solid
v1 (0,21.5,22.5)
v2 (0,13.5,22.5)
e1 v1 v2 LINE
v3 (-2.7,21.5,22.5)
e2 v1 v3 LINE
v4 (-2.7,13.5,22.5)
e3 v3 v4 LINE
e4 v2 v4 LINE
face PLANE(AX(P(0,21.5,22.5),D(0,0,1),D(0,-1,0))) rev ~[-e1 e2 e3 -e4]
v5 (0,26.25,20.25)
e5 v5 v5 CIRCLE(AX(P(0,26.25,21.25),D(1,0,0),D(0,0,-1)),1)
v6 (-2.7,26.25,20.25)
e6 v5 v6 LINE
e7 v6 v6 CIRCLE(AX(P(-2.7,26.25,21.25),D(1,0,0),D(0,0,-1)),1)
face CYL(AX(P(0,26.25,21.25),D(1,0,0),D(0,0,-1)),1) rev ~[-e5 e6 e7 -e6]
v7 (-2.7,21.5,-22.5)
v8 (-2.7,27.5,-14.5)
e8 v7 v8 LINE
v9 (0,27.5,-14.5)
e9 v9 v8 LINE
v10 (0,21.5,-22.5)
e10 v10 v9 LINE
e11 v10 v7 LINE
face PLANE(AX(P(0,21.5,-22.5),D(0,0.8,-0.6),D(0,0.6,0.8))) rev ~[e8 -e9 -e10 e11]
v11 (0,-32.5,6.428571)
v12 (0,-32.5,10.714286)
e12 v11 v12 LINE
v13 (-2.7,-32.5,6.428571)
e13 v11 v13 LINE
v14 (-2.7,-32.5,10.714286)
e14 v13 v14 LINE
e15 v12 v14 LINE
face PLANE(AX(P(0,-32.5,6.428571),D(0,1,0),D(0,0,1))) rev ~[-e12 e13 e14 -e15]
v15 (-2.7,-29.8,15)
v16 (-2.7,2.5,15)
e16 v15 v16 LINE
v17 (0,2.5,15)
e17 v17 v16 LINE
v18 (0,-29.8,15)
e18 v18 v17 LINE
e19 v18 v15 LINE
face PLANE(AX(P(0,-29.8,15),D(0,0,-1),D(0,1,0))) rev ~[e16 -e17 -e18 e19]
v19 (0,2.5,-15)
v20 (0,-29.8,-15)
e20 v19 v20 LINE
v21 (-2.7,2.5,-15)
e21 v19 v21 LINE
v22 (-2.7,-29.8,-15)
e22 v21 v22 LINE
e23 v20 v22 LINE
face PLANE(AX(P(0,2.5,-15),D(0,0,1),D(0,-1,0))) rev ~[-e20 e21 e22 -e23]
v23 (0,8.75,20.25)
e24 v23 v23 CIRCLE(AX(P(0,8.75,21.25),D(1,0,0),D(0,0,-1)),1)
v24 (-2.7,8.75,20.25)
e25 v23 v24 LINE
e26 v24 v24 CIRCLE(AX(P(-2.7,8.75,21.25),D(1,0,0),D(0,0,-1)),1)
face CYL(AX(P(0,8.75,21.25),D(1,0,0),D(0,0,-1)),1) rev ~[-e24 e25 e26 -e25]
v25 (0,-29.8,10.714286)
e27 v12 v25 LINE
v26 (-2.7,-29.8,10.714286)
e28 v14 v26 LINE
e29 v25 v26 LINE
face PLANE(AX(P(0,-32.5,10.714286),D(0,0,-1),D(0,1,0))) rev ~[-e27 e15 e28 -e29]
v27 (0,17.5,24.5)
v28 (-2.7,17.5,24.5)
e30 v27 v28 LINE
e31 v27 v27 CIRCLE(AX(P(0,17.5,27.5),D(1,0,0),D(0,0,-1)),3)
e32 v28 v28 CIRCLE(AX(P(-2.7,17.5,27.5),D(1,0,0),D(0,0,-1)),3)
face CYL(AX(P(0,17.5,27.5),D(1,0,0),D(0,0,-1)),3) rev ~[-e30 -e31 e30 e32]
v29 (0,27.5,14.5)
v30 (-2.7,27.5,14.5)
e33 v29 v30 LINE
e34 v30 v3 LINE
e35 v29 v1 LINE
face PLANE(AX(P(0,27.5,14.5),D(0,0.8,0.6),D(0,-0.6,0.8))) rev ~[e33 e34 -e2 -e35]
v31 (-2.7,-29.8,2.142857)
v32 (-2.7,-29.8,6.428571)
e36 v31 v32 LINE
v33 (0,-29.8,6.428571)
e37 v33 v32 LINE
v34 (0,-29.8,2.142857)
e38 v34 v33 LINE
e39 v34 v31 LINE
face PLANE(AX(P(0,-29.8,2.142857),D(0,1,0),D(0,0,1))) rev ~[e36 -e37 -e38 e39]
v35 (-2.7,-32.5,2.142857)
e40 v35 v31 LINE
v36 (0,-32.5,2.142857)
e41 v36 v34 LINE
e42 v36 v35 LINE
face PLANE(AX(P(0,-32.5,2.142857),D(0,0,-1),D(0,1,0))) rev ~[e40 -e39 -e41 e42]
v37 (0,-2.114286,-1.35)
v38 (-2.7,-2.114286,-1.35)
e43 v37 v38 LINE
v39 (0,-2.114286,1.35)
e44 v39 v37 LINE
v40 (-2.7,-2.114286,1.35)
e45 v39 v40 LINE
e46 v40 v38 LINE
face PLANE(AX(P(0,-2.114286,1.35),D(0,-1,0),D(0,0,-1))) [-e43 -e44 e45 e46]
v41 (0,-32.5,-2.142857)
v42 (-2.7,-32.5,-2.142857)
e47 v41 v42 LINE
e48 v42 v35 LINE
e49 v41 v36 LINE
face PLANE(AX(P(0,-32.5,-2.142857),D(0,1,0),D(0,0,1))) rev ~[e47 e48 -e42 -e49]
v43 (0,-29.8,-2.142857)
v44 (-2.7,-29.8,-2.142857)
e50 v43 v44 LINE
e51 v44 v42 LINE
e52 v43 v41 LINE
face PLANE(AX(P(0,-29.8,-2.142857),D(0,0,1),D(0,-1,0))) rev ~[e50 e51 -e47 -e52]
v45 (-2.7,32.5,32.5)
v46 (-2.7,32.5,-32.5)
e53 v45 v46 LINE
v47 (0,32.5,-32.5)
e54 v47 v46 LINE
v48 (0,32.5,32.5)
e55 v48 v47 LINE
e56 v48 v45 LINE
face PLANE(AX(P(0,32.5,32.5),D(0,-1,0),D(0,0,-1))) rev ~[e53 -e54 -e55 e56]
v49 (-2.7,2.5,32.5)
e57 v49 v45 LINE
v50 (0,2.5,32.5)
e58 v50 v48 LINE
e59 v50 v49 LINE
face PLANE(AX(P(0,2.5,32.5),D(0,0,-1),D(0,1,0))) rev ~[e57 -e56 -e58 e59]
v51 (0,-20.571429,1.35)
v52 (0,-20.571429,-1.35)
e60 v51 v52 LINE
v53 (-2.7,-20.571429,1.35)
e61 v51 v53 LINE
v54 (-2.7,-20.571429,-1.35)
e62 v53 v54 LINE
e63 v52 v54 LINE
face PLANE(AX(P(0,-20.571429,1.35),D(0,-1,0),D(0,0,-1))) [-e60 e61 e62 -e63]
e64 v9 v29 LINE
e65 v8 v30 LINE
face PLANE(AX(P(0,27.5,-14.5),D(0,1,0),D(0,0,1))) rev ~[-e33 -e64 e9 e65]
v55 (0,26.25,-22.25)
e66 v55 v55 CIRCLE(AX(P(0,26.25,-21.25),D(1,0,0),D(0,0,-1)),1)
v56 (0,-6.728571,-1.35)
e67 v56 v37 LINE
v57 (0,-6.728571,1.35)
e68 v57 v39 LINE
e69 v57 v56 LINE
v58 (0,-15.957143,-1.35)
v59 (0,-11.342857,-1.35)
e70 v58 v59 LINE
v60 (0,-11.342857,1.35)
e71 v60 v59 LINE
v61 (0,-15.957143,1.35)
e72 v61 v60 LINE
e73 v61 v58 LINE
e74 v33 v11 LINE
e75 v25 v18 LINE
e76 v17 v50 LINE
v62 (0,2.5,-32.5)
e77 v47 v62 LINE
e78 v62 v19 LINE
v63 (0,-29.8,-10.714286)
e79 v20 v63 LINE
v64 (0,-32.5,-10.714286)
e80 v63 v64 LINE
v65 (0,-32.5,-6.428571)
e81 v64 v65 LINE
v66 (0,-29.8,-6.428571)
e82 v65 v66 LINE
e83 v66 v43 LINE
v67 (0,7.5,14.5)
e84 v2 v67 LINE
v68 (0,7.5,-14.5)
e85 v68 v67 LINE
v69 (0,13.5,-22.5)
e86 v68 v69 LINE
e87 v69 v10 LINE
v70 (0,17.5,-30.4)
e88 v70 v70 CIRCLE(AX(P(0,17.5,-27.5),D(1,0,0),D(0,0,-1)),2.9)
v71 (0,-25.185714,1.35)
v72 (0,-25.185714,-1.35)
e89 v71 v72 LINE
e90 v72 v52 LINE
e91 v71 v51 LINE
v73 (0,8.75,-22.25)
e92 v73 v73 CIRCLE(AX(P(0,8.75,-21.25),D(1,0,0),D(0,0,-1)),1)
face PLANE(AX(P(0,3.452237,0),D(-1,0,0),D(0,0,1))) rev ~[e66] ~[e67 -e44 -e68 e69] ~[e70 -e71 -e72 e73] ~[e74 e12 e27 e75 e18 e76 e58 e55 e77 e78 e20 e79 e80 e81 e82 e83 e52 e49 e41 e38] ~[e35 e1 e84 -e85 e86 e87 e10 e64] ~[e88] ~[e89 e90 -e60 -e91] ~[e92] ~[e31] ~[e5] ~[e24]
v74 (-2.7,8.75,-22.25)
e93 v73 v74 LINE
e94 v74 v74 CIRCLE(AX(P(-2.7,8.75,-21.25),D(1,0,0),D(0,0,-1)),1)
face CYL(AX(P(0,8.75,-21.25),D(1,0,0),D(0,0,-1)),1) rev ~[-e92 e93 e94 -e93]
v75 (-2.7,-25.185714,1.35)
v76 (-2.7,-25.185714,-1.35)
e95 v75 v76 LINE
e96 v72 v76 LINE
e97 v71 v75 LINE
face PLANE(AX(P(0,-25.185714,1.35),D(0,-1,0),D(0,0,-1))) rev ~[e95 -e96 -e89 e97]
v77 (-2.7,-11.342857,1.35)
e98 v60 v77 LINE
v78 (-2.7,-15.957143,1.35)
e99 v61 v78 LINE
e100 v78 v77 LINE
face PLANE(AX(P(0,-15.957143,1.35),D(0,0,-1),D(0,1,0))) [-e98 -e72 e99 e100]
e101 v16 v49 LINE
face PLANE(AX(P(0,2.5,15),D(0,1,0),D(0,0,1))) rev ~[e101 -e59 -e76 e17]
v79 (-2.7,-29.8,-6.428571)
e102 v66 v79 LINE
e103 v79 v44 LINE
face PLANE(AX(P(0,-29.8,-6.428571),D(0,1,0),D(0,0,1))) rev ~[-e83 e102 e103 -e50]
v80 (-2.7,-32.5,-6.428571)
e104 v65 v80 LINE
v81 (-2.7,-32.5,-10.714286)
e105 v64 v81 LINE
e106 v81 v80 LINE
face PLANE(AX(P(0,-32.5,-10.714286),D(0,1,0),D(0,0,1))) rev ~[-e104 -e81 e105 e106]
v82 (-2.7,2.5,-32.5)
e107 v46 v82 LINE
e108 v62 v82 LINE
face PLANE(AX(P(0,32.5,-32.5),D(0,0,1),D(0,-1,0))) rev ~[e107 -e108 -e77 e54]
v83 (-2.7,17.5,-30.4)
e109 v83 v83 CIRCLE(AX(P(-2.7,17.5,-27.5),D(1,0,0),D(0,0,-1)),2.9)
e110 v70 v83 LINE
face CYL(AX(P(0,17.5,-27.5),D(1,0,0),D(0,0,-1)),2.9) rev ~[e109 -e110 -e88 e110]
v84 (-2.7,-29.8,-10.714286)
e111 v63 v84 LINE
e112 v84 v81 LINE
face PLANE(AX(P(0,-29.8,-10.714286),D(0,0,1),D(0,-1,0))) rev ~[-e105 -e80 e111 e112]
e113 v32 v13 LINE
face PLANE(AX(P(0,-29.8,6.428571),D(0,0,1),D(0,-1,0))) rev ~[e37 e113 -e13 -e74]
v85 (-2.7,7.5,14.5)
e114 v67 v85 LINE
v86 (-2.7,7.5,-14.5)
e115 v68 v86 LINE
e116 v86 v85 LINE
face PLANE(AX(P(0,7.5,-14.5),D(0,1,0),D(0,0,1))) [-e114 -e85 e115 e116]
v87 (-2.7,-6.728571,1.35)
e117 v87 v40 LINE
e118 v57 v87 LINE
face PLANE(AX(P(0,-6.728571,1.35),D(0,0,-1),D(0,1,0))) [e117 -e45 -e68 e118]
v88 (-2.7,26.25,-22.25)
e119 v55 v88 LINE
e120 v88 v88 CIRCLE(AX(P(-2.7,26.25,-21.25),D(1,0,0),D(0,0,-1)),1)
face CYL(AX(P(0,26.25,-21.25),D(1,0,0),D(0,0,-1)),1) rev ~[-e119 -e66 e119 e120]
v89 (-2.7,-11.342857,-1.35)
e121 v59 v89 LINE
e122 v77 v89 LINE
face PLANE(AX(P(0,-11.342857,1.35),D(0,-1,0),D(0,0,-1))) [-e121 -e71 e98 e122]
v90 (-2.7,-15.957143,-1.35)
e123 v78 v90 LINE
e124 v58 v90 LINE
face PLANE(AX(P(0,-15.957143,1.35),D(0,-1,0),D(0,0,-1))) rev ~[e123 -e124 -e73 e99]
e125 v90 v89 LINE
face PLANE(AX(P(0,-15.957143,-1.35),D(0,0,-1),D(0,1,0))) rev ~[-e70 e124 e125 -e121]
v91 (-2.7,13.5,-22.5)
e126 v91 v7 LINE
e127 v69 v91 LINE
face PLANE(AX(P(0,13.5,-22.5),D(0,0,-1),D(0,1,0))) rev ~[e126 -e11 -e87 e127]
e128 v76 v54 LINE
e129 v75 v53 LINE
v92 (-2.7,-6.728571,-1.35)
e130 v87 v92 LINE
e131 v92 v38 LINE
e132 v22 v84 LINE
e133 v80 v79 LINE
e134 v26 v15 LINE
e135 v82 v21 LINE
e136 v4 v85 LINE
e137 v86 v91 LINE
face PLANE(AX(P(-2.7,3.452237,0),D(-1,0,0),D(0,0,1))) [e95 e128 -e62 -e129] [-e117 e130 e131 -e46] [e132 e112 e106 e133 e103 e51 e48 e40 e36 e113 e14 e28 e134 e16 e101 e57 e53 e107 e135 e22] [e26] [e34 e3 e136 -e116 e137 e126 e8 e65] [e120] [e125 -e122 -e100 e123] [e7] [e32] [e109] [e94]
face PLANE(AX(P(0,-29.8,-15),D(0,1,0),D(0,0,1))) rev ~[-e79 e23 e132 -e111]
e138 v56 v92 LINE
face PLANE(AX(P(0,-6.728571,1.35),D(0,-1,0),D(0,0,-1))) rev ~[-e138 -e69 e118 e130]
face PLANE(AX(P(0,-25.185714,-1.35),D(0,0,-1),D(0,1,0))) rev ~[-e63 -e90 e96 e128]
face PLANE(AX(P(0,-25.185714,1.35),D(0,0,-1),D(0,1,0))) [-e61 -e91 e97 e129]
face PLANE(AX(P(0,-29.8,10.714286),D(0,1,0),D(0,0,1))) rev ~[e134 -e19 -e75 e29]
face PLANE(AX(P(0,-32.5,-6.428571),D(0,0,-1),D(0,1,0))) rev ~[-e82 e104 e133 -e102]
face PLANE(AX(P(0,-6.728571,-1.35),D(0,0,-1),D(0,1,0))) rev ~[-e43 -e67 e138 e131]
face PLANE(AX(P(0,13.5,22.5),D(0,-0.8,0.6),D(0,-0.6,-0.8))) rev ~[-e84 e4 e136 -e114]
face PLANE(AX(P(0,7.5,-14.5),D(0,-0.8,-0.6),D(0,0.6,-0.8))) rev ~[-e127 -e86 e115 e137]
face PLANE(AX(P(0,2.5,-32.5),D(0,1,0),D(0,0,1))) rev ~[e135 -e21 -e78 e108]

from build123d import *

# Parameters (mm, degrees)
SKETCH1_R           = 1
SKETCH1_R_2         = 3
SKETCH1_R_3         = 2.9
SKETCH1_W           = 2.7
SKETCH1_H           = 4.614285715
SKETCH1_H_2         = 4.614285714
BOSS_EXTRUDE1_DEPTH = 2.7


with BuildPart() as part:
    # Sketch1 → Boss-Extrude1 (new body)
    with BuildSketch(Plane(origin=(0, 0, 0), x_dir=(0, 0, -1), z_dir=(1, 0, 0))):
        Polygon((10.714285714, -32.5), (6.428571429, -32.5), (6.428571429, -29.8), (2.142857143, -29.8), (2.142857143, -32.5), (-2.142857143, -32.5), (-2.142857143, -29.8), (-6.428571429, -29.8), (-6.428571429, -32.5), (-10.714285714, -32.5), (-10.714285714, -29.8), (-15, -29.8), (-15, 2.5), (-32.5, 2.5), (-32.5, 32.5), (32.5, 32.5), (32.5, 2.5), (15, 2.5), (15, -29.8), (10.714285714, -29.8), align=None)
        with Locations((21.25, 26.25)):
            Circle(SKETCH1_R, mode=Mode.SUBTRACT)
        with Locations((21.25, 8.75)):
            Circle(SKETCH1_R, mode=Mode.SUBTRACT)
        with Locations((-21.25, 8.75)):
            Circle(SKETCH1_R, mode=Mode.SUBTRACT)
        with Locations((-21.25, 26.25)):
            Circle(SKETCH1_R, mode=Mode.SUBTRACT)
        with Locations((-27.5, 17.5)):
            Circle(SKETCH1_R_2, mode=Mode.SUBTRACT)
        with Locations((27.5, 17.5)):
            Circle(SKETCH1_R_3, mode=Mode.SUBTRACT)
        with Locations((0, -4.421428571)):
            Rectangle(SKETCH1_W, SKETCH1_H, mode=Mode.SUBTRACT)
        with Locations((0, -13.65)):
            Rectangle(SKETCH1_W, SKETCH1_H_2, mode=Mode.SUBTRACT)
        with Locations((0, -22.878571429)):
            Rectangle(SKETCH1_W, SKETCH1_H, mode=Mode.SUBTRACT)
        Polygon((0, 7.5), (14.5, 7.5), (22.5, 13.5), (22.5, 21.5), (14.5, 27.5), (-14.5, 27.5), (-22.5, 21.5), (-22.5, 13.5), (-14.5, 7.5), align=None, mode=Mode.SUBTRACT)
    extrude(amount=-BOSS_EXTRUDE1_DEPTH)


solid = part.part
